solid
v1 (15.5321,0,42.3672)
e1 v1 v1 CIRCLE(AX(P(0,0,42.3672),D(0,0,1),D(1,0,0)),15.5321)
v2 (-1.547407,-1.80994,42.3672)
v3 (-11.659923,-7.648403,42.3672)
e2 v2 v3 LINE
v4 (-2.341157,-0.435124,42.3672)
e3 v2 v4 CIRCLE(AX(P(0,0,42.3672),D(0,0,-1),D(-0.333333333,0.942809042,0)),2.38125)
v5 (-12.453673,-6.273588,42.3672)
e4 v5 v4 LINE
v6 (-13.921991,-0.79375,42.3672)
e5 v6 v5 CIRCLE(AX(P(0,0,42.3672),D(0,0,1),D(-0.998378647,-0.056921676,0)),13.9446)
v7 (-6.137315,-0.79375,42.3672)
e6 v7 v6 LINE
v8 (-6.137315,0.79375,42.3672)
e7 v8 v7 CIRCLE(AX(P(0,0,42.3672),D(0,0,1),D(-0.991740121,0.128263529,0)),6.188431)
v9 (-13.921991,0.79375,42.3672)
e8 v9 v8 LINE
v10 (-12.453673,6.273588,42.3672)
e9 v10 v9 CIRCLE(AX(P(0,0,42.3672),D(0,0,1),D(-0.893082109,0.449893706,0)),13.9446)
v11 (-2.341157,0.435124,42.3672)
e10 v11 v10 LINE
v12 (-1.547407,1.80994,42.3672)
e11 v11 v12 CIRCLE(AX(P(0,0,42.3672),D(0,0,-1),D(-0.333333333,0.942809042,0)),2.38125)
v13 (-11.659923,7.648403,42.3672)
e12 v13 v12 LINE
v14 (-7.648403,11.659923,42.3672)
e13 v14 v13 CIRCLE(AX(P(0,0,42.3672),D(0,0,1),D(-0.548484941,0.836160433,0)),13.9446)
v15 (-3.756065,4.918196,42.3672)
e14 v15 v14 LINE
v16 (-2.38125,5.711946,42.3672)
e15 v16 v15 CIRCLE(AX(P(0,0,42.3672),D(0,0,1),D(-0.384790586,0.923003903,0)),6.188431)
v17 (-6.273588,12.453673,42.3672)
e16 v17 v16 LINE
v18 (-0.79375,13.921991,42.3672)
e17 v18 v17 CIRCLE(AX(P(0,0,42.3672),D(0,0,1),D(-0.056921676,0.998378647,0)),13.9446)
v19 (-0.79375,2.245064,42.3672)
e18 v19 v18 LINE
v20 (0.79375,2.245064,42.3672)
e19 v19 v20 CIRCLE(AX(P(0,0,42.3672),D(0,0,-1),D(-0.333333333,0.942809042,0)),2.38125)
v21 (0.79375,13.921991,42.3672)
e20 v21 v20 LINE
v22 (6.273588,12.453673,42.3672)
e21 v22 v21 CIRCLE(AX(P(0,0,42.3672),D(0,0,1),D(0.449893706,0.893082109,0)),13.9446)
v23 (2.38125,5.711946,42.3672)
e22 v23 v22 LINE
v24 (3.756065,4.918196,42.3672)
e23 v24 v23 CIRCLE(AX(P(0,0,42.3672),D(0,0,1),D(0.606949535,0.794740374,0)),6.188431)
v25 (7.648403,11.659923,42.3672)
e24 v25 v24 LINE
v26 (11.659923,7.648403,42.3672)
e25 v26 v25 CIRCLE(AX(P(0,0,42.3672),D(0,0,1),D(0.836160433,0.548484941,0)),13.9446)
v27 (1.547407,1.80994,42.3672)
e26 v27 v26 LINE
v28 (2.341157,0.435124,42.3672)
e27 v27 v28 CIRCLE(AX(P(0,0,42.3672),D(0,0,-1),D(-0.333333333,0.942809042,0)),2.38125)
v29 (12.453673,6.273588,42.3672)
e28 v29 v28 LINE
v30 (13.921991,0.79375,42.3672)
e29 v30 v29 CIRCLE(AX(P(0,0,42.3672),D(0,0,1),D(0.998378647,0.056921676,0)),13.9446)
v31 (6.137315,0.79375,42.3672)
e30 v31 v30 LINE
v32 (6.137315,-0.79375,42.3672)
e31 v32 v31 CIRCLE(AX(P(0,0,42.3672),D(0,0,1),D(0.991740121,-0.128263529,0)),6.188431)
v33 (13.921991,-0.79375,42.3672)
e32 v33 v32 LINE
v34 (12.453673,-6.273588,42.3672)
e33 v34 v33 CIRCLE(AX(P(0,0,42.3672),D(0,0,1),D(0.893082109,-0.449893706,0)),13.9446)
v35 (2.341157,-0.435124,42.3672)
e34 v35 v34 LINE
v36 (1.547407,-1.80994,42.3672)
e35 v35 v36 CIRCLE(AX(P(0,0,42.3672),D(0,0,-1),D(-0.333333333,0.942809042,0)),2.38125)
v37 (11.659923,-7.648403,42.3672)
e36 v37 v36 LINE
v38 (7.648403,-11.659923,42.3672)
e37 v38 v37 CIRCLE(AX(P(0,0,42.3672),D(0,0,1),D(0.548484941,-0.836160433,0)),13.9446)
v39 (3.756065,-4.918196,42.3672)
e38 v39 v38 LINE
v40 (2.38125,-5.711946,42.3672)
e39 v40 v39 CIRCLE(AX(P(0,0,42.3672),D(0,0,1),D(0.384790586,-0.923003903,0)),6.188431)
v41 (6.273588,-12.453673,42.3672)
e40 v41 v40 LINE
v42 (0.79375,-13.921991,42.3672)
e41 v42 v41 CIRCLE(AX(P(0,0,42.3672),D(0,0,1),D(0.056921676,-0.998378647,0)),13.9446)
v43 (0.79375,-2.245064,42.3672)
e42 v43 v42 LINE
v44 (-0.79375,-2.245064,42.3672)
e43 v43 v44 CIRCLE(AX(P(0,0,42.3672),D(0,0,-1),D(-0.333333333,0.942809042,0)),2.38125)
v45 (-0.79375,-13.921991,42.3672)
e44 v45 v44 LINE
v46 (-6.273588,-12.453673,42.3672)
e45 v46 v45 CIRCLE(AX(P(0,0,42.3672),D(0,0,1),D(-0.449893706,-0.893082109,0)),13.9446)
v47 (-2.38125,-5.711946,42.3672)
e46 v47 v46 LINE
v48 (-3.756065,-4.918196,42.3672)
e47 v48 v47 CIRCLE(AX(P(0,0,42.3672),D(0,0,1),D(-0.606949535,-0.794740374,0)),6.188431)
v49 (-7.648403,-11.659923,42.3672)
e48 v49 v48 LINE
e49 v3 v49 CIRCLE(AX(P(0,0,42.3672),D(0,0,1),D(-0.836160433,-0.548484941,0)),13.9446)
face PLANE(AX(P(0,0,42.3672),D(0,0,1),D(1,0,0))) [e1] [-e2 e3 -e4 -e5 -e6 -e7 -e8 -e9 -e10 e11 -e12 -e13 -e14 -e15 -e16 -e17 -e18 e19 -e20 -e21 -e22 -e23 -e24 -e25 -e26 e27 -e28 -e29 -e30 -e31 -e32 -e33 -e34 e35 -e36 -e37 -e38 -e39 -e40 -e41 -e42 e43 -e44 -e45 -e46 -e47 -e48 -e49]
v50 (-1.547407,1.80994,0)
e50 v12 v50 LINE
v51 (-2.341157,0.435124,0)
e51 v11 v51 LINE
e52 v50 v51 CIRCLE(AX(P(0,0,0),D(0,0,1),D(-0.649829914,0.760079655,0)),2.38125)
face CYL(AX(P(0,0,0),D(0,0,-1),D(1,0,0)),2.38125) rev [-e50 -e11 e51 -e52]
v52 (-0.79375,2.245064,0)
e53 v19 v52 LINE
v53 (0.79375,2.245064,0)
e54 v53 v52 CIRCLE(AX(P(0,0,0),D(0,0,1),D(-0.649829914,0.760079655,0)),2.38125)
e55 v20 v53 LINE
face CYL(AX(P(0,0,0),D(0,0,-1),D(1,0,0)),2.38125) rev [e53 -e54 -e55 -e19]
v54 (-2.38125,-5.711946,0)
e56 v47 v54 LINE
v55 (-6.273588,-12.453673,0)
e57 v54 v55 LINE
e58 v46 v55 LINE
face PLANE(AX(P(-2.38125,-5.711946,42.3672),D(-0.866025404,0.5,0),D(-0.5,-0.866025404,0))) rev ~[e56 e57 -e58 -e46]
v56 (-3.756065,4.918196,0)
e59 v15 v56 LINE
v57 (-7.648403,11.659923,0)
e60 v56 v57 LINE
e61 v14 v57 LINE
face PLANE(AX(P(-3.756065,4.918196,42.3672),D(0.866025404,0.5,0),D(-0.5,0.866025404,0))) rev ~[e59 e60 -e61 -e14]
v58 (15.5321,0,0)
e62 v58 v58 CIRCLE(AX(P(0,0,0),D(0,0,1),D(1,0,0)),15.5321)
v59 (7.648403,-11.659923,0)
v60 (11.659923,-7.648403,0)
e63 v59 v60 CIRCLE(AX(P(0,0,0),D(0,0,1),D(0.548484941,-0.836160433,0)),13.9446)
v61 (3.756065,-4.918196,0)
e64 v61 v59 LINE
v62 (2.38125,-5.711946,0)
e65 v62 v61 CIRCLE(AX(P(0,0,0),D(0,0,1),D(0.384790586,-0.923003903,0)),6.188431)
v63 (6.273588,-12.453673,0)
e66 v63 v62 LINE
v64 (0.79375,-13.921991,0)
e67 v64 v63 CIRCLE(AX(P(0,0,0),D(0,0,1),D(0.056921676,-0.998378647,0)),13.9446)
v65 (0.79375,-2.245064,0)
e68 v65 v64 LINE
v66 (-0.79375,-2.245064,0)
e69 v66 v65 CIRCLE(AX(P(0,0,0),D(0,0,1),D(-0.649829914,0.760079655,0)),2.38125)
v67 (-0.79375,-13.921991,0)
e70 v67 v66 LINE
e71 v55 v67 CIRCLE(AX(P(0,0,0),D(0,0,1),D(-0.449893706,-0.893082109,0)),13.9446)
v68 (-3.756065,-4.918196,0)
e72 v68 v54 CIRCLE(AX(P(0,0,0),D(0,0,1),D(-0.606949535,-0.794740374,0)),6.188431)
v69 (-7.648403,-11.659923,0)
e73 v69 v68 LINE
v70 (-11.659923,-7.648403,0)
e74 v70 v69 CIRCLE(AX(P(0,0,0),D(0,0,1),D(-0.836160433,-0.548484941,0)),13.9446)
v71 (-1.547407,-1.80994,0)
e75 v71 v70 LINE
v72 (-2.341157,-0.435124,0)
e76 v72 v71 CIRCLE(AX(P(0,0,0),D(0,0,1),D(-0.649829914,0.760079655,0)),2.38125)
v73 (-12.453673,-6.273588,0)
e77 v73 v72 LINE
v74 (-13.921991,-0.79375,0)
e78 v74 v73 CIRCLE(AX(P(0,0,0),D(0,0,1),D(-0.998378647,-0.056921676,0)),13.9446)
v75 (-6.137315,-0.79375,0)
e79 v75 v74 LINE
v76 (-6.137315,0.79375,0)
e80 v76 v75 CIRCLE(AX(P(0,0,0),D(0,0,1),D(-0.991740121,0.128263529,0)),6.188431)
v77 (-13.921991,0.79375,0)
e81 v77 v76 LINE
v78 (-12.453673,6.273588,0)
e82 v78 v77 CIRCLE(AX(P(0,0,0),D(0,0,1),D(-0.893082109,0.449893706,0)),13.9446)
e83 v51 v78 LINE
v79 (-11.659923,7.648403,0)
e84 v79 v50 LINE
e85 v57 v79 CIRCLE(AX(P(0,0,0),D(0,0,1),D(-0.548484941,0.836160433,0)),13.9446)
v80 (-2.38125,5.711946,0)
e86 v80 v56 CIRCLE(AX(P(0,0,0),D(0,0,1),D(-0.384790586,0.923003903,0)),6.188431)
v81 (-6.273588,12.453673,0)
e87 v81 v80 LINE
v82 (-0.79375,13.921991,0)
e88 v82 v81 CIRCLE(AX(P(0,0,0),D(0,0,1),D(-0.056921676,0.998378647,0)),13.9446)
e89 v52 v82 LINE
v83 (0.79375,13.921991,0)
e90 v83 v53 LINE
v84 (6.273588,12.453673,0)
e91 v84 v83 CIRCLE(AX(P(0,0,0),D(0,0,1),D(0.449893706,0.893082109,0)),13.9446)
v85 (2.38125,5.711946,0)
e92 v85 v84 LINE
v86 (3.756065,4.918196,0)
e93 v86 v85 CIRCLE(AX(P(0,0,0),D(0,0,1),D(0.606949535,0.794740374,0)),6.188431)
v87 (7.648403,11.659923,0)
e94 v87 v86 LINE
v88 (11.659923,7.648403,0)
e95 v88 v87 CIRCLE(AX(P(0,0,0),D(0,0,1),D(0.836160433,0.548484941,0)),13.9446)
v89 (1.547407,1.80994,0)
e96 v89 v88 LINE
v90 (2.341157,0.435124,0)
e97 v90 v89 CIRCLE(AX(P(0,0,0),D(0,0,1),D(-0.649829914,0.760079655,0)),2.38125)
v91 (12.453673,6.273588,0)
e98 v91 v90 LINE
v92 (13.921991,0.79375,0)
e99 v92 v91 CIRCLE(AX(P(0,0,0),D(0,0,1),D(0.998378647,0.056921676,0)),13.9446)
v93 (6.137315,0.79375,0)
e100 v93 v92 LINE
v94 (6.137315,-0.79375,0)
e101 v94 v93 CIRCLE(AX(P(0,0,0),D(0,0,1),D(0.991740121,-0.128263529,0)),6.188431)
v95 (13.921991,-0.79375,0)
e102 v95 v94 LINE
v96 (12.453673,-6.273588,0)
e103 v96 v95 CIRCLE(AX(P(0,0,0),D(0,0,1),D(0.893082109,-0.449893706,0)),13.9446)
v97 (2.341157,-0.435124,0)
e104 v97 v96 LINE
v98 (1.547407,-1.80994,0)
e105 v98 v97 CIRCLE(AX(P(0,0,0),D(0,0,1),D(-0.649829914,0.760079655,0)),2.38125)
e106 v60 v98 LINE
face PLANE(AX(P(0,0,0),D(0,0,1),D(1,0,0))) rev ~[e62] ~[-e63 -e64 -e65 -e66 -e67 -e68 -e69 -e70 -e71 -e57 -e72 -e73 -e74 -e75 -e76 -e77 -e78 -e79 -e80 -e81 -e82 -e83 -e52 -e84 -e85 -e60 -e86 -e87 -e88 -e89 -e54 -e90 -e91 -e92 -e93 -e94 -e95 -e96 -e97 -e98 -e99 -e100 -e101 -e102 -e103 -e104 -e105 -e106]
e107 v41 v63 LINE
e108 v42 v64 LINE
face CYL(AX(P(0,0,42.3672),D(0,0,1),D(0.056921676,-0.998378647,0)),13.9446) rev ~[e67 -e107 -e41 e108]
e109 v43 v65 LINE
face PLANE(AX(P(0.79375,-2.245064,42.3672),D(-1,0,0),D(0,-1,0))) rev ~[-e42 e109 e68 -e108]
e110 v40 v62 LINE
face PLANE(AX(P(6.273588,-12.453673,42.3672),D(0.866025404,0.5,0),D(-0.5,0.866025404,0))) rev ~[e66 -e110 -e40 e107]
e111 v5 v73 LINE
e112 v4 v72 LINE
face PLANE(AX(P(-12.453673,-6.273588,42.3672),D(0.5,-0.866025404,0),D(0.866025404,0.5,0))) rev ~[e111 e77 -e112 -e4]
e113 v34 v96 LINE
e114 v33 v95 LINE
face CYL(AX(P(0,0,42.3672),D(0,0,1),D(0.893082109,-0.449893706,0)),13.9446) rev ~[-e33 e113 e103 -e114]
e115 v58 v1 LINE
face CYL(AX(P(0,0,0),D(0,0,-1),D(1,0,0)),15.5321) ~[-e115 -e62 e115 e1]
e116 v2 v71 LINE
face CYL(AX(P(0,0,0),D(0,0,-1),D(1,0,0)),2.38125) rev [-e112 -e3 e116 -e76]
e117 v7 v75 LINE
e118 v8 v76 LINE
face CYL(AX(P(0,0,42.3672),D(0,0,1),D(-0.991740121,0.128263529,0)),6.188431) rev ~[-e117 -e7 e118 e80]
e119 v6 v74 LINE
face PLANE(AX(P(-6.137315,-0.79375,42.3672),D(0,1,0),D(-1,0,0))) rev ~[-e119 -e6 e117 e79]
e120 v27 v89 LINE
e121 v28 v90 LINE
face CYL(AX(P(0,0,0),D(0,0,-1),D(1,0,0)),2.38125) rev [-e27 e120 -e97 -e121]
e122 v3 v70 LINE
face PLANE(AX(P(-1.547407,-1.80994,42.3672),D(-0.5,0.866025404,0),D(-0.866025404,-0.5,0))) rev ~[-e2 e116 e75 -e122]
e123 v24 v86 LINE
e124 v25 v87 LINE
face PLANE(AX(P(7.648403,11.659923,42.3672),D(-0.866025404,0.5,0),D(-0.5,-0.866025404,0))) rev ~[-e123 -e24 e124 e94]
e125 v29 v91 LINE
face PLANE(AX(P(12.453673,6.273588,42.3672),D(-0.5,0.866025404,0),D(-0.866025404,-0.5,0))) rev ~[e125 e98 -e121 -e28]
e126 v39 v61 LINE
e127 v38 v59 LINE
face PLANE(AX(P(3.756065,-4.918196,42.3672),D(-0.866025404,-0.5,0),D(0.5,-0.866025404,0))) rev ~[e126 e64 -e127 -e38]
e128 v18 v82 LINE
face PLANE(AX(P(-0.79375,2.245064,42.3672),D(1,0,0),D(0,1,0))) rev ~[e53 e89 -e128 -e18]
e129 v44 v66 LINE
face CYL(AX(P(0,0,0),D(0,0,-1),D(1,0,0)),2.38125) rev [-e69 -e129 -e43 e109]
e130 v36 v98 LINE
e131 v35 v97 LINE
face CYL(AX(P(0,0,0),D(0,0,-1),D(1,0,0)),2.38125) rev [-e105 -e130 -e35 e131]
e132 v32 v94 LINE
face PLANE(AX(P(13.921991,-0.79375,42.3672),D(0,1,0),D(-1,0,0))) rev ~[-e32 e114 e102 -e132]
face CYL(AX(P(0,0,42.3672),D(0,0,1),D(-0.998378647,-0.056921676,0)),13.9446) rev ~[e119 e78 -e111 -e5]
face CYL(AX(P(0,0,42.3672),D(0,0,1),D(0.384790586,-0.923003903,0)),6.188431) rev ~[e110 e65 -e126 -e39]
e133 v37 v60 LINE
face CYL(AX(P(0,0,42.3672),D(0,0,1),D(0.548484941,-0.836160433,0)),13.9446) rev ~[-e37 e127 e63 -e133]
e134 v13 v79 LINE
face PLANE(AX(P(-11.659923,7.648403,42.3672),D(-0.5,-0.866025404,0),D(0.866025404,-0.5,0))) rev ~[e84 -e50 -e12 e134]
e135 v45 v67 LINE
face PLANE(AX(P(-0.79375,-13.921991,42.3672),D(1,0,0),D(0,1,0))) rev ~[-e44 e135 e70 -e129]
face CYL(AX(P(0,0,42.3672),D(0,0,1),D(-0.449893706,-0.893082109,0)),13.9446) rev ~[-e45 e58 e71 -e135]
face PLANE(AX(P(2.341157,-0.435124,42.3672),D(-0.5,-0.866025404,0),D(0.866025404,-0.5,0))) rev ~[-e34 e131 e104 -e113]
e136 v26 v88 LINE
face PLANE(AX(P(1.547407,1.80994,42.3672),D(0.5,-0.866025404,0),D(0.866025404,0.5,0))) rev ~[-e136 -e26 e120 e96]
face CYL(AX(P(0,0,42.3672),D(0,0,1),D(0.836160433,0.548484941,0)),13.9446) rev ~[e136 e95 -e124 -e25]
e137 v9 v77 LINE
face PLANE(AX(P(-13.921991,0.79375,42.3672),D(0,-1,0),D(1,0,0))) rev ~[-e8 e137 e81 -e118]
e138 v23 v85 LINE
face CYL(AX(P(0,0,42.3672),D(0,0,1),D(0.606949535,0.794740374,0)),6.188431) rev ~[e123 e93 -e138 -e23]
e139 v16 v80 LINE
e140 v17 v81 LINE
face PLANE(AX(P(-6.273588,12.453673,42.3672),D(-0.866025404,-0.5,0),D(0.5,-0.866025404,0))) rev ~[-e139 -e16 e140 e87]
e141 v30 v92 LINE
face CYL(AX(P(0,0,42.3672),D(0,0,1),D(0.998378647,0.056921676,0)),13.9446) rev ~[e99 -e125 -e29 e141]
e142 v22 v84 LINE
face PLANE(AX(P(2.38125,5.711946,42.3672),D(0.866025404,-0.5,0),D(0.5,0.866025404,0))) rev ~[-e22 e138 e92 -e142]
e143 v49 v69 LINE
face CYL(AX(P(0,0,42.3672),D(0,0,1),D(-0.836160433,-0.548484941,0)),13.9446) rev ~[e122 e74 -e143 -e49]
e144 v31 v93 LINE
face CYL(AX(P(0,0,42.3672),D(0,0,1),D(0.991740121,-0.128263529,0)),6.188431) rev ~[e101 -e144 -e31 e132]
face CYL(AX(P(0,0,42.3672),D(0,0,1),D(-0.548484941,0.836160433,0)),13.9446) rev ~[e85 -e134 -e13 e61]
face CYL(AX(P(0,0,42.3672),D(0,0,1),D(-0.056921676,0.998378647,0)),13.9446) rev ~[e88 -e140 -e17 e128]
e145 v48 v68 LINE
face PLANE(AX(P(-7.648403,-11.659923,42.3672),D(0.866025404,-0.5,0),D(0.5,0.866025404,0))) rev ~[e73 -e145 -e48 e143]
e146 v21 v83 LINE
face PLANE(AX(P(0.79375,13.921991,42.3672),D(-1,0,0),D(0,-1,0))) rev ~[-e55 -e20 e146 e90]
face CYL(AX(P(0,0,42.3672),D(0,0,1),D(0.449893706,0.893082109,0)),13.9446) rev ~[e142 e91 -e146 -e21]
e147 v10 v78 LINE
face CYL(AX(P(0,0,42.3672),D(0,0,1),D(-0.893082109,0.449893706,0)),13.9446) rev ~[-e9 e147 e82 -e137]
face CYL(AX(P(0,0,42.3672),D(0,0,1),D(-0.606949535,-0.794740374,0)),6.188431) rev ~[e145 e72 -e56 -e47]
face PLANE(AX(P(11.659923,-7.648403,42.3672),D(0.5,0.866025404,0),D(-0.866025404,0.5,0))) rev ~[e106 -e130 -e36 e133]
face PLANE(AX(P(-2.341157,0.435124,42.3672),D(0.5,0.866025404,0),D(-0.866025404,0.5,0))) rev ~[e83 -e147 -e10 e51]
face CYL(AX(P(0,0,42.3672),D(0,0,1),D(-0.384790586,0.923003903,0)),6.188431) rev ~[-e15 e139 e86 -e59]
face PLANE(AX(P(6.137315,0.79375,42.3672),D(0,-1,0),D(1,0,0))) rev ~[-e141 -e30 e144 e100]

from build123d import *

# Parameters (mm, degrees)
F0_R     = 15.5321
F0_R_2   = 2.38125
F1_DEPTH = 42.3672
F3_DEPTH = 42.3672
F4_COUNT = 6
F4_ANGLE = 300


with BuildPart() as f1:
    # F0 (on Top) → F1 (new body)
    with BuildSketch(Plane.XY):
        Circle(F0_R)
        Circle(F0_R_2, mode=Mode.SUBTRACT)
    extrude(amount=F1_DEPTH)

    # F2 (on face) → F3 (cut, through all)
    with BuildSketch(Plane.XY.offset(42.3672)):
        with BuildLine():
            ThreePointArc((-1.5474074833, 1.8099396794), (-1.190625, 2.0622229928), (-0.79375, 2.2450640303))
            Line((-0.79375, 2.2450640303), (-0.79375, 13.9219908812))
            ThreePointArc((-0.79375, 13.9219908812), (-3.6091280563, 13.4694492773), (-6.2735877764, 12.4536727744))
            Line((-6.2735877764, 12.4536727744), (-2.38125, 5.7119459855))
            ThreePointArc((-2.38125, 5.7119459855), (-3.0942155106, 5.3593384739), (-3.7560653285, 4.9181959855))
            Line((-3.7560653285, 4.9181959855), (-7.6484031049, 11.6599227744))
            ThreePointArc((-7.6484031049, 11.6599227744), (-9.8603212209, 9.8603212209), (-11.6599227744, 7.6484031049))
            Line((-11.6599227744, 7.6484031049), (-1.5474074833, 1.8099396794))
        make_face()
    f3 = extrude(amount=-F3_DEPTH, mode=Mode.SUBTRACT)

    # F4: F3 ×6 about axis
    f4_axis = Axis((0, 0, 0), (0, 0, 1))
    for i in range(1, F4_COUNT):
        add(f3.rotate(f4_axis, i * F4_ANGLE / (F4_COUNT - 1)), mode=Mode.SUBTRACT)


solid = f1.part
